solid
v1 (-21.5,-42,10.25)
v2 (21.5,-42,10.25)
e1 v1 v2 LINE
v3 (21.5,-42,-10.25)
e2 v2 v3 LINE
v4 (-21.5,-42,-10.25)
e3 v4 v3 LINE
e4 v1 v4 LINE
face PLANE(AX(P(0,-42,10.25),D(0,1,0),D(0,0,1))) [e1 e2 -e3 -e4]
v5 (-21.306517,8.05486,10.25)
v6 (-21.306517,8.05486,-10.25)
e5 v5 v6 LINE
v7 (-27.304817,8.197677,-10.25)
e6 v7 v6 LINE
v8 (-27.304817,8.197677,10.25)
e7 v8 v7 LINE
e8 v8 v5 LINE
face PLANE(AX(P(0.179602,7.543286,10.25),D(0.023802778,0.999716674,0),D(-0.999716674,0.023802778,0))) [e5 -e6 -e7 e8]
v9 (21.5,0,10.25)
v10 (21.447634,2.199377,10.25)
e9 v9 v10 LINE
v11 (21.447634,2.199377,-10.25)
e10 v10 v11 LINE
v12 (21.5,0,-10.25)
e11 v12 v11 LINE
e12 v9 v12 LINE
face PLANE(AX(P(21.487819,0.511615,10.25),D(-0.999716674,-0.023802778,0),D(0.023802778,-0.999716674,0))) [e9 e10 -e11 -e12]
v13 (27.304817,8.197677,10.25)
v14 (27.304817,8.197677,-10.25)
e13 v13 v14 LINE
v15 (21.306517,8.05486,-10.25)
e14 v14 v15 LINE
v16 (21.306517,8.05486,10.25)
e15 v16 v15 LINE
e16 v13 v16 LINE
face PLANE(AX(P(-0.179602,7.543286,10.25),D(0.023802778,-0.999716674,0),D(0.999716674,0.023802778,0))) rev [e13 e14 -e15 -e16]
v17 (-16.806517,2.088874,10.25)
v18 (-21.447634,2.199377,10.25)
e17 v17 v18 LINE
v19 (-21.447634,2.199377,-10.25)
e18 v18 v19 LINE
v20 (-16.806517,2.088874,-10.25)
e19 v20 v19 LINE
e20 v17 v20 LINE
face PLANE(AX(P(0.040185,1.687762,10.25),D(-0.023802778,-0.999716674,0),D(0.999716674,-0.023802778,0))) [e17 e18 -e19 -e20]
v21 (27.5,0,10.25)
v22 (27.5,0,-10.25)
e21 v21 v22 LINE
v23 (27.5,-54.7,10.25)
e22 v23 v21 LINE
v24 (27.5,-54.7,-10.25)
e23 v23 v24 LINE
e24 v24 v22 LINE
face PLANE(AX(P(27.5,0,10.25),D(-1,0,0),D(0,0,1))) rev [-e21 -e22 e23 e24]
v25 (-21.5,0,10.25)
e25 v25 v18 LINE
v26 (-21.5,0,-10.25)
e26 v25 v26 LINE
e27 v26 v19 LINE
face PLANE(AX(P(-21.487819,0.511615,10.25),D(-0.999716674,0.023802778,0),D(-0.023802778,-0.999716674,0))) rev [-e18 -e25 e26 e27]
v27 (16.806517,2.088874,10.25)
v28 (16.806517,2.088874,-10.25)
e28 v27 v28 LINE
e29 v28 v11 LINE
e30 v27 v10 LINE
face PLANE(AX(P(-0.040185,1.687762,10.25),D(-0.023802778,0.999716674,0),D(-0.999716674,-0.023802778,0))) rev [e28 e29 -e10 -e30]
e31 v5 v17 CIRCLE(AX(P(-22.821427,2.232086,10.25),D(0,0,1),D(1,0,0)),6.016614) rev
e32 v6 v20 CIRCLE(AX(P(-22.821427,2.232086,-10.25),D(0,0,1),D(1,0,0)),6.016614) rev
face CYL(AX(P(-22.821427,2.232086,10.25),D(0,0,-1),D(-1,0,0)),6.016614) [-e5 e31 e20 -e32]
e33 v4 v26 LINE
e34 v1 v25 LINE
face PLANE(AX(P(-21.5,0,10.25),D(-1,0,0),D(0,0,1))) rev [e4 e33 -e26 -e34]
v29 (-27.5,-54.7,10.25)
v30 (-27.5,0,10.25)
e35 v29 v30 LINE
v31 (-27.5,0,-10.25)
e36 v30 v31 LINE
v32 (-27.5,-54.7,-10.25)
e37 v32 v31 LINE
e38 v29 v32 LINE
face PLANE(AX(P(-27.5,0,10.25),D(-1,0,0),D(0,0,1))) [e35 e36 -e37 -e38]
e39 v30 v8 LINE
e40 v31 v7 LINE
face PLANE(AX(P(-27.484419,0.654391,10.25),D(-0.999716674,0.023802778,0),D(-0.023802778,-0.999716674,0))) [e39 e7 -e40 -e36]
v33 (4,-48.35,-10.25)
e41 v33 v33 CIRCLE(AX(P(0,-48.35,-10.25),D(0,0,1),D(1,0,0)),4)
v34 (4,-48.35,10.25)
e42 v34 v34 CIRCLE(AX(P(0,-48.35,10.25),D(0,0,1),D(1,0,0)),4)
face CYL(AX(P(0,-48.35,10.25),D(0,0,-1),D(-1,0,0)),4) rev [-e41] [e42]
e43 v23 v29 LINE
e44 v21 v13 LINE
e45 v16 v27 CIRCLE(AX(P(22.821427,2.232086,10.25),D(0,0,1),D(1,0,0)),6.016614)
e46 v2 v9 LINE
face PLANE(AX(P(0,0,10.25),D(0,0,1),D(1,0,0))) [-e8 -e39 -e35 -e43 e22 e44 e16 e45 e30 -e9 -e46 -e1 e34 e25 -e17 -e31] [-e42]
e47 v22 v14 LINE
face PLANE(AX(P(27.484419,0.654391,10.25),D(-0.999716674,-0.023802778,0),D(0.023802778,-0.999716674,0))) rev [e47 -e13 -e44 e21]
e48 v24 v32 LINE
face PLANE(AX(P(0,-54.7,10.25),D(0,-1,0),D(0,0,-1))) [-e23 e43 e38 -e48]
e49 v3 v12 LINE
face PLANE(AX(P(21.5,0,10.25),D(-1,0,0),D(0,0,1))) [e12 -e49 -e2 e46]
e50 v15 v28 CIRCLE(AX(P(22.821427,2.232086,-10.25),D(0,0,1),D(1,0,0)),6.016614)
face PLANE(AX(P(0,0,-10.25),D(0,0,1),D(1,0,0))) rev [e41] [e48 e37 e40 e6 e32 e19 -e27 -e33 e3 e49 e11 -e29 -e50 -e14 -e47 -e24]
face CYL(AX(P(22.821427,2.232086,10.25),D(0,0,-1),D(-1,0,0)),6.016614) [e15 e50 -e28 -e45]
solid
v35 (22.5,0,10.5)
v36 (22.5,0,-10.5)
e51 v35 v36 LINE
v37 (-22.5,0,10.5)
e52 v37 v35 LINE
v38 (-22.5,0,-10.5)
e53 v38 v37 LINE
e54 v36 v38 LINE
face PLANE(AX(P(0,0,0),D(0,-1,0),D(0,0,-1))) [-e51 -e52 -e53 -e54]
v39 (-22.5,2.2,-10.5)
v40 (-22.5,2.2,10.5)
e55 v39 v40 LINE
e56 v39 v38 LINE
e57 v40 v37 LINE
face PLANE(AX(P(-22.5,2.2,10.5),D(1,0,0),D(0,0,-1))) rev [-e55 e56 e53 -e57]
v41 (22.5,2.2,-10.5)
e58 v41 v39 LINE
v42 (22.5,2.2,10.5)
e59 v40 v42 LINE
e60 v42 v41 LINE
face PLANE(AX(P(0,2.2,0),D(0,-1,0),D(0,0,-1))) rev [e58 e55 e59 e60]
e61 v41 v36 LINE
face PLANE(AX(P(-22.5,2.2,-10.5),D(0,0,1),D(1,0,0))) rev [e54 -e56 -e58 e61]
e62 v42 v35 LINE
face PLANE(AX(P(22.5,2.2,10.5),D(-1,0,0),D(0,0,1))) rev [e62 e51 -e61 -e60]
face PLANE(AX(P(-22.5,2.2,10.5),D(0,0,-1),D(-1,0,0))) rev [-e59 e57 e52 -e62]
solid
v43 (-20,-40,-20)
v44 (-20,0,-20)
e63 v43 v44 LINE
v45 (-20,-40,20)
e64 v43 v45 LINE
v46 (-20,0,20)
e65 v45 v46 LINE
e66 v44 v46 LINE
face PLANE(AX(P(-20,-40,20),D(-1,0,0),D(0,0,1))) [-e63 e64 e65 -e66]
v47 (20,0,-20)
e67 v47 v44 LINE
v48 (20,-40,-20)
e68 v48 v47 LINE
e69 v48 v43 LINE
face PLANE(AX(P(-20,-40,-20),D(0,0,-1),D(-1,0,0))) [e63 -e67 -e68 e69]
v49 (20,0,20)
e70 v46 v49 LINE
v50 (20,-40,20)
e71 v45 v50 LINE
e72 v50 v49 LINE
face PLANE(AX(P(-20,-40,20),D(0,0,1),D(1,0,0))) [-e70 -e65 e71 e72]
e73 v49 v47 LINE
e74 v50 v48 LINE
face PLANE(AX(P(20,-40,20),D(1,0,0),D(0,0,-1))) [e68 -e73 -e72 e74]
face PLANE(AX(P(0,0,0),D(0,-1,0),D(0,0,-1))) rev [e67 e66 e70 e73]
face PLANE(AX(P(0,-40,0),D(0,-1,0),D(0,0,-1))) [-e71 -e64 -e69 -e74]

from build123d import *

# Parameters (mm, degrees)
SKETCH1_W                            = 45
SKETCH1_H                            = 21
BOSS_EXTRUDE1_DEPTH                  = 2.2
SKETCH2_W                            = 40
SKETCH2_H                            = 40
BOSS_EXTRUDE2_DEPTH                  = 40
SKETCH3_W                            = 43
SKETCH3_H                            = 12.7
SKETCH3_R                            = 4
SNAPFIT_43MM_SPACING_6MM_WIDTH_DEPTH = 10.25


with BuildPart() as part:
    # Sketch1 → Boss-Extrude1 (new body)
    with BuildSketch(Plane(origin=(0, 0, 0), x_dir=(1, 0, 0), z_dir=(0, 1, 0))):
        Rectangle(SKETCH1_W, SKETCH1_H)
    extrude(amount=BOSS_EXTRUDE1_DEPTH)


with BuildPart() as body_2:
    # Sketch2 → Boss-Extrude2 (new body)
    with BuildSketch(Plane(origin=(0, 0, 0), x_dir=(1, 0, 0), z_dir=(0, 1, 0))):
        Rectangle(SKETCH2_W, SKETCH2_H)
    extrude(amount=-BOSS_EXTRUDE2_DEPTH)


with BuildPart() as body_3:
    # Sketch3 → SnapFit-43mm_spacing-6mm_width (new, symmetric)
    # profile 1 of 3: a face of its own
    with BuildSketch(Plane.XY):
        with Locations((0, -48.35)):
            Rectangle(SKETCH3_W, SKETCH3_H)
        with Locations((0, -48.35)):
            Circle(SKETCH3_R, mode=Mode.SUBTRACT)
    # profile 2 of 3: a face of its own
    with BuildSketch(Plane.XY):
        with BuildLine():
            Line((-27.5, -54.7), (-21.5, -54.7))
            Line((-21.5, -54.7), (-21.5, -42))
            Line((-21.5, -42), (-21.5, 0))
            Line((-21.5, 0), (-21.447633889, 2.199376682))
            Line((-21.447633889, 2.199376682), (-16.806517178, 2.088873903))
            ThreePointArc((-16.806517178, 2.088873903), (-18.018012188, 5.855186341), (-21.306517178, 8.054860057))
            Line((-21.306517178, 8.054860057), (-27.304817221, 8.197676725))
            Line((-27.304817221, 8.197676725), (-27.5, 0))
            Line((-27.5, 0), (-27.5, -54.7))
        make_face()
    # profile 3 of 3: a face of its own
    with BuildSketch(Plane.XY):
        with BuildLine():
            Line((21.5, -42), (21.5, -54.7))
            Line((21.5, -54.7), (27.5, -54.7))
            Line((27.5, -54.7), (27.5, 0))
            Line((27.5, 0), (27.304817221, 8.197676725))
            Line((27.304817221, 8.197676725), (21.306517178, 8.054860057))
            ThreePointArc((21.306517178, 8.054860057), (18.018012188, 5.855186341), (16.806517178, 2.088873903))
            Line((16.806517178, 2.088873903), (21.447633889, 2.199376682))
            Line((21.447633889, 2.199376682), (21.5, 0))
            Line((21.5, 0), (21.5, -42))
        make_face()
    extrude(amount=SNAPFIT_43MM_SPACING_6MM_WIDTH_DEPTH, both=True)


solid = Compound([part.part, body_2.part, body_3.part])
